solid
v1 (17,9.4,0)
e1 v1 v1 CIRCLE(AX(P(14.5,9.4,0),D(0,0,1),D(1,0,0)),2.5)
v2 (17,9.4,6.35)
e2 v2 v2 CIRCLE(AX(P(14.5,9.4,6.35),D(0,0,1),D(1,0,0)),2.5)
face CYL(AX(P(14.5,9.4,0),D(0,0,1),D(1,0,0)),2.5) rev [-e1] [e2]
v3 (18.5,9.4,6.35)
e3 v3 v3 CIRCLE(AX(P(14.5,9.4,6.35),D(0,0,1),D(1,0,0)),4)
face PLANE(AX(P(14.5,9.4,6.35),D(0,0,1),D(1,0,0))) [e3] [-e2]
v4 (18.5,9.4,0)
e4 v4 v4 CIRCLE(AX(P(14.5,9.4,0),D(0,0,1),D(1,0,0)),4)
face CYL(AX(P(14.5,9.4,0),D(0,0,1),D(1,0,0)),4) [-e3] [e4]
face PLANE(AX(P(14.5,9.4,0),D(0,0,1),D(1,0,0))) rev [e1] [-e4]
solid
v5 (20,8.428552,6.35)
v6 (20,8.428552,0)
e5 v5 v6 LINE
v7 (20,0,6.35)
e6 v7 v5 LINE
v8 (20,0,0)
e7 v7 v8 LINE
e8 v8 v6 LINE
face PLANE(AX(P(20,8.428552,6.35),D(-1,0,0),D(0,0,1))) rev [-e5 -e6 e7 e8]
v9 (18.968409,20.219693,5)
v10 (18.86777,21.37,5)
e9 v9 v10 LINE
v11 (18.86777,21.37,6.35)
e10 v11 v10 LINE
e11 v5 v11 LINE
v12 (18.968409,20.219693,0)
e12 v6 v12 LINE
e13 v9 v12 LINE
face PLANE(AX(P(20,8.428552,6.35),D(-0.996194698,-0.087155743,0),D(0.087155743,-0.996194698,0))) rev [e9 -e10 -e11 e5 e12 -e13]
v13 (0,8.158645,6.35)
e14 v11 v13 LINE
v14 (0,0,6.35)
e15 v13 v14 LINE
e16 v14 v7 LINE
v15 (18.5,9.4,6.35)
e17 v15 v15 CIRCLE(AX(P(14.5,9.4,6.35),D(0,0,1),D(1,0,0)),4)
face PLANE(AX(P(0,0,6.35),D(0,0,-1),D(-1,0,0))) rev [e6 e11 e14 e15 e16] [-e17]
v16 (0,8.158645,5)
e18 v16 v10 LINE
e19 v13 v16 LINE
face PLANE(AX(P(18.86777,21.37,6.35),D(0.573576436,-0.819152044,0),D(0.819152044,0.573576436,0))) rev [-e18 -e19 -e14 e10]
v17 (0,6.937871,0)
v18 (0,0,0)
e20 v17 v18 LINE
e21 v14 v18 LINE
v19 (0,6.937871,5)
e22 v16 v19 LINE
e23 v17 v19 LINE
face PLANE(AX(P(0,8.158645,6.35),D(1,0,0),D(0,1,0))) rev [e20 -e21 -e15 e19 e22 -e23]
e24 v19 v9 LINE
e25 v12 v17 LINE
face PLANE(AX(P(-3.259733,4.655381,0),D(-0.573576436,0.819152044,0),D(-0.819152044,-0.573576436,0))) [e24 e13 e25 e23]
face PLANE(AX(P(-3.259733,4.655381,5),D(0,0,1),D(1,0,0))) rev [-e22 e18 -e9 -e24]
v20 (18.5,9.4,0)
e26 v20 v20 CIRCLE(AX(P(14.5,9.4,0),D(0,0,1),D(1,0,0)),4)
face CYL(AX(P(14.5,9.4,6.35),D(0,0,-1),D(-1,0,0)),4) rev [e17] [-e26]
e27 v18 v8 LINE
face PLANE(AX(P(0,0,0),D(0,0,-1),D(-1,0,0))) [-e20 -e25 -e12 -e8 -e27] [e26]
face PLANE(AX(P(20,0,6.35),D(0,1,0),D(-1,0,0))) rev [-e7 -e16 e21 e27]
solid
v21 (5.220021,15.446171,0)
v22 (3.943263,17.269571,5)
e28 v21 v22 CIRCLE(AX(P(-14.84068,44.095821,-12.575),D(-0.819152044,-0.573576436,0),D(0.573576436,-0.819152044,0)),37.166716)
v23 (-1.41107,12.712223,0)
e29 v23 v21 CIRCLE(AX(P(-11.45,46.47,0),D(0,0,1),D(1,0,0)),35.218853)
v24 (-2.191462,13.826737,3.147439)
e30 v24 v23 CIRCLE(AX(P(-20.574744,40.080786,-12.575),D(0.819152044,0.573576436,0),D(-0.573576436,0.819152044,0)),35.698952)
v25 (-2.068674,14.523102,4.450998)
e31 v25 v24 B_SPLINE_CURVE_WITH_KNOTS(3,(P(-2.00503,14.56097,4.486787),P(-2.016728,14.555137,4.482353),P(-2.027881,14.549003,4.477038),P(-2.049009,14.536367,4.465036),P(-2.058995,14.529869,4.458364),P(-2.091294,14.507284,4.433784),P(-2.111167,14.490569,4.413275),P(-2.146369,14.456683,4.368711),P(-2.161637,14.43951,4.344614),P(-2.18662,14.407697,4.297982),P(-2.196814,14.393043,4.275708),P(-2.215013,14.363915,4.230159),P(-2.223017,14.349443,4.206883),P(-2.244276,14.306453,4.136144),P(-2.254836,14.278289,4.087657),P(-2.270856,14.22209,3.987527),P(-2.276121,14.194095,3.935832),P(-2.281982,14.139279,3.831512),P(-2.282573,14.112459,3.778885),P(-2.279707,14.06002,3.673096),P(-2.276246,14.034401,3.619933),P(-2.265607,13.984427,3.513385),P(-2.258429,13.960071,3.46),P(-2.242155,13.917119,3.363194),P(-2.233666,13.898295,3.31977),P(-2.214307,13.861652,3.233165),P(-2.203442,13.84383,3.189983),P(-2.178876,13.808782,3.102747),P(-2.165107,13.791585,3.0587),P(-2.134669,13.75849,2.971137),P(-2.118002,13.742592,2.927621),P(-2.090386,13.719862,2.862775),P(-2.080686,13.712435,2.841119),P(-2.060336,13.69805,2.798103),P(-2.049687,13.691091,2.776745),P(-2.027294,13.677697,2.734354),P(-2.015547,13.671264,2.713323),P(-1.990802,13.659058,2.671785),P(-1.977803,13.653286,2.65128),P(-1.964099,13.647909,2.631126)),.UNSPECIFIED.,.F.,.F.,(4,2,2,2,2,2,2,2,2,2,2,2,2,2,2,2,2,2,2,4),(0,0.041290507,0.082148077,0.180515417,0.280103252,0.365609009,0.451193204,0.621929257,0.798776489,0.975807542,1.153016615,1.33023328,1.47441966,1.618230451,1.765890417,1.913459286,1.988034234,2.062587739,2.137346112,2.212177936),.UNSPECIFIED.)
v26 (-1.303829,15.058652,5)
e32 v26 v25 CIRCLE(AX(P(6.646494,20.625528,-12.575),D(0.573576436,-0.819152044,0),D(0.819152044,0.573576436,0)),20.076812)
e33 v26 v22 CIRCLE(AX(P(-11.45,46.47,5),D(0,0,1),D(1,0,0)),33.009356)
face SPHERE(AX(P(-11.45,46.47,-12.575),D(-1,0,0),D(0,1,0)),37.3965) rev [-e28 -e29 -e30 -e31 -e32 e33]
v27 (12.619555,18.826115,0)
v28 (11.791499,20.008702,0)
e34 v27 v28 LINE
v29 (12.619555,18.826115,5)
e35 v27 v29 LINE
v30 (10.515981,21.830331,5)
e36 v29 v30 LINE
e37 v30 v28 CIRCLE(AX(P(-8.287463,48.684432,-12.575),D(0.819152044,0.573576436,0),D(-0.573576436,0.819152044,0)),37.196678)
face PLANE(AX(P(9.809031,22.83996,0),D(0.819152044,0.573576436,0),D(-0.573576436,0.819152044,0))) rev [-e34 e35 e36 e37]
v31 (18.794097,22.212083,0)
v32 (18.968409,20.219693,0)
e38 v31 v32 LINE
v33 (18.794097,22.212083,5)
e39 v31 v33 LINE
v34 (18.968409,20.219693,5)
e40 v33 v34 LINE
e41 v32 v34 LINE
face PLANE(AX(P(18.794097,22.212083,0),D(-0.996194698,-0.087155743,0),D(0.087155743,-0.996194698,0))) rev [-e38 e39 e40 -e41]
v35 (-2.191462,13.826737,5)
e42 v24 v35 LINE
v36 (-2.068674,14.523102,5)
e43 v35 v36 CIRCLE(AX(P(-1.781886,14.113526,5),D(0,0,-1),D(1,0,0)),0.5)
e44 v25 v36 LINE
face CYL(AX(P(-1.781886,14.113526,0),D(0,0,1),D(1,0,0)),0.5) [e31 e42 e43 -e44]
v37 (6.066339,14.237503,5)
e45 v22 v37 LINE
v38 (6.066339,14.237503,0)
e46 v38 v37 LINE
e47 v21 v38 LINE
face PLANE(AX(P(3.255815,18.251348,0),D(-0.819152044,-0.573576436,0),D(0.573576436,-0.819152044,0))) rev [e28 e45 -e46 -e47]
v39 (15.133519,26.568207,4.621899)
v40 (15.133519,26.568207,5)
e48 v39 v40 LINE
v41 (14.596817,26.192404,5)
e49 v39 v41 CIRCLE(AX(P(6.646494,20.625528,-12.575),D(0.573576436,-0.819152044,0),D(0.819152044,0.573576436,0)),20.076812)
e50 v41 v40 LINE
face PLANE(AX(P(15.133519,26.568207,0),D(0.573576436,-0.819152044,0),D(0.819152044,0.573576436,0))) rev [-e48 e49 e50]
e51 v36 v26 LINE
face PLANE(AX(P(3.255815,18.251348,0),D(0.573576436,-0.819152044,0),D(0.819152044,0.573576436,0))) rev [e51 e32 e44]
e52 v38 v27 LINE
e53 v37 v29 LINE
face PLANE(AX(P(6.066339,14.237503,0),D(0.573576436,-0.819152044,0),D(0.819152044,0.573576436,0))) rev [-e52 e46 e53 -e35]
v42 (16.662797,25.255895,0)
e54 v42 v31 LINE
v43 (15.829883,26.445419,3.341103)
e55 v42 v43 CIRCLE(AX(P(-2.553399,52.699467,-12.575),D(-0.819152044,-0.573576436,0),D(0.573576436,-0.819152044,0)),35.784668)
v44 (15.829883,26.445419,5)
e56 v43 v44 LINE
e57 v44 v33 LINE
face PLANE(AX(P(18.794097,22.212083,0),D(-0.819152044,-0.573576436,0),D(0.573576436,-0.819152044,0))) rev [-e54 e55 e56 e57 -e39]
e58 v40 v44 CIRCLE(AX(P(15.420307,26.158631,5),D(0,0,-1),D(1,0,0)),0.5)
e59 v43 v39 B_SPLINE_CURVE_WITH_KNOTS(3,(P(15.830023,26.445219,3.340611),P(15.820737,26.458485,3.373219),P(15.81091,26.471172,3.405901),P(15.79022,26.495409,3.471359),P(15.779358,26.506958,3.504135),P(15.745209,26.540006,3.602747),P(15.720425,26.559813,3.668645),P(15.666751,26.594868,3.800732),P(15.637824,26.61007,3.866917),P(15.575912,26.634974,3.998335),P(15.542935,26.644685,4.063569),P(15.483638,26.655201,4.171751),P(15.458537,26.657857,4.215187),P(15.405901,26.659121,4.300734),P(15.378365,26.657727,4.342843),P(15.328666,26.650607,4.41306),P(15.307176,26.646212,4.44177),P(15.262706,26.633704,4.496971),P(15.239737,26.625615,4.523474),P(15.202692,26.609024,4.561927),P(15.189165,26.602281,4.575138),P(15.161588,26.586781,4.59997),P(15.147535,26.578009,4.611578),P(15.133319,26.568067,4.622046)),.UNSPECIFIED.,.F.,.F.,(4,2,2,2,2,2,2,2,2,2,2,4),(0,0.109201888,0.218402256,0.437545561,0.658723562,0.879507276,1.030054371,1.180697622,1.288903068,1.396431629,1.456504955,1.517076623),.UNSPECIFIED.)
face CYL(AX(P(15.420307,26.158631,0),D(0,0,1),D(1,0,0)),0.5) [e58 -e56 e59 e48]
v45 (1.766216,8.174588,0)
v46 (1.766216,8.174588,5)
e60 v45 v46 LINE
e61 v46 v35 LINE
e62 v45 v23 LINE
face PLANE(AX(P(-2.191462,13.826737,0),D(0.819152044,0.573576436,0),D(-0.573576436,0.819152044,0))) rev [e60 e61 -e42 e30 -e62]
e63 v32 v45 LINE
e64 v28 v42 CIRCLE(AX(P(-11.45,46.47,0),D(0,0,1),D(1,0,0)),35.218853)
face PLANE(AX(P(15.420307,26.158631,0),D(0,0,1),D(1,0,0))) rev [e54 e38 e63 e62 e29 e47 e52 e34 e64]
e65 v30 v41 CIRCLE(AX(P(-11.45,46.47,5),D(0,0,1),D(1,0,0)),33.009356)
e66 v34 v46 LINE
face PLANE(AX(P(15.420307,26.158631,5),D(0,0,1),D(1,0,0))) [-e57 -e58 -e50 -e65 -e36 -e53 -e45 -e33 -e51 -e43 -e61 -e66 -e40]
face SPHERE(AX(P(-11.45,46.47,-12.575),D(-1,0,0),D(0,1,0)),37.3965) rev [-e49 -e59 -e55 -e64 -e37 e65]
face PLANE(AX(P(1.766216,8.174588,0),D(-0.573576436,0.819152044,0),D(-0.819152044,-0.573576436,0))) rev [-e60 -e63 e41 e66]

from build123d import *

# Parameters (mm, degrees)
SKIZZE1_R                       = 4
AUFSATZ_LINEAR_AUSTRAGEN1_DEPTH = 6.35
SKIZZE3_W                       = 27.712900838
SKIZZE3_H                       = 5
SCHNITT_LINEAR_AUSTRAGEN1_DEPTH = 1
AUFSATZ_LINEAR_AUSTRAGEN2_DEPTH = 5
SKIZZE6_R                       = 4
SKIZZE6_R_2                     = 2.5
AUFSATZ_LINEAR_AUSTRAGEN3_DEPTH = 6.35


with BuildPart() as part:
    # Skizze1 → Aufsatz-Linear austragen1 (new body)
    with BuildSketch(Plane.XY):
        Polygon((20, 8.428552255), (18.867770033, 21.37), (0, 8.158645194), (0, 0), (20, 0), align=None)
        with Locations((14.5, 9.4)):
            Circle(SKIZZE1_R, mode=Mode.SUBTRACT)
    extrude(amount=AUFSATZ_LINEAR_AUSTRAGEN1_DEPTH)

    # Skizze3 → Schnitt-Linear austragen1 (cut)
    with BuildSketch(Plane(origin=(-3.833309342, 5.474533096, 0), x_dir=(0.819152044, 0.573576436, 0), z_dir=(-0.573576436, 0.819152044, 0))):
        with Locations((13.856450419, -2.5)):
            Rectangle(SKIZZE3_W, SKIZZE3_H)
    extrude(amount=-SCHNITT_LINEAR_AUSTRAGEN1_DEPTH, mode=Mode.SUBTRACT)


with BuildPart() as body_2:
    # Skizze4 → Aufsatz-Linear austragen2 (new body)
    with BuildSketch(Plane(origin=(0, 0, 5), x_dir=(-1, 0, 0), z_dir=(0, 0, -1))):
        with BuildLine():
            Line((-18.79409733, 22.212082842), (-18.968408816, 20.219693446))
            Line((-18.968408816, 20.219693446), (-1.766215886, 8.174588282))
            Line((-1.766215886, 8.174588282), (2.191461525, 13.826737388))
            ThreePointArc((2.191461525, 13.826737388), (2.27428938, 14.200349695), (2.068673721, 14.523101628))
            Line((2.068673721, 14.523101628), (-3.255814567, 18.251348465))
            Line((-3.255814567, 18.251348465), (-6.066339105, 14.237503448))
            Line((-6.066339105, 14.237503448), (-12.619555459, 18.826114938))
            Line((-12.619555459, 18.826114938), (-9.809030921, 22.839959955))
            Line((-9.809030921, 22.839959955), (-15.133519209, 26.568206792))
            ThreePointArc((-15.133519209, 26.568206792), (-15.507131516, 26.651034646), (-15.829883449, 26.445418988))
            Line((-15.829883449, 26.445418988), (-18.79409733, 22.212082842))
        make_face()
    extrude(amount=AUFSATZ_LINEAR_AUSTRAGEN2_DEPTH)

    # Skizze5 → Schnitt-Rotation1 (revolve, cut)
    with BuildSketch(Plane.XY.offset(-12.575)):
        with BuildLine():
            Line((-48.8465, 46.47), (25.9465, 46.47))
            ThreePointArc((25.9465, 46.47), (-11.45, 9.0735), (-48.8465, 46.47))
        make_face()
    revolve(axis=Axis((-48.8465, 46.47, -12.575), (1, 0, 0)), mode=Mode.SUBTRACT)


with BuildPart() as body_3:
    # Skizze6 → Aufsatz-Linear austragen3 (new body)
    with BuildSketch(Plane.XY.offset(6.35)):
        with Locations((14.5, 9.4)):
            Circle(SKIZZE6_R)
        with Locations((14.5, 9.4)):
            Circle(SKIZZE6_R_2, mode=Mode.SUBTRACT)
    extrude(amount=-AUFSATZ_LINEAR_AUSTRAGEN3_DEPTH)


solid = Compound([part.part, body_2.part, body_3.part])
